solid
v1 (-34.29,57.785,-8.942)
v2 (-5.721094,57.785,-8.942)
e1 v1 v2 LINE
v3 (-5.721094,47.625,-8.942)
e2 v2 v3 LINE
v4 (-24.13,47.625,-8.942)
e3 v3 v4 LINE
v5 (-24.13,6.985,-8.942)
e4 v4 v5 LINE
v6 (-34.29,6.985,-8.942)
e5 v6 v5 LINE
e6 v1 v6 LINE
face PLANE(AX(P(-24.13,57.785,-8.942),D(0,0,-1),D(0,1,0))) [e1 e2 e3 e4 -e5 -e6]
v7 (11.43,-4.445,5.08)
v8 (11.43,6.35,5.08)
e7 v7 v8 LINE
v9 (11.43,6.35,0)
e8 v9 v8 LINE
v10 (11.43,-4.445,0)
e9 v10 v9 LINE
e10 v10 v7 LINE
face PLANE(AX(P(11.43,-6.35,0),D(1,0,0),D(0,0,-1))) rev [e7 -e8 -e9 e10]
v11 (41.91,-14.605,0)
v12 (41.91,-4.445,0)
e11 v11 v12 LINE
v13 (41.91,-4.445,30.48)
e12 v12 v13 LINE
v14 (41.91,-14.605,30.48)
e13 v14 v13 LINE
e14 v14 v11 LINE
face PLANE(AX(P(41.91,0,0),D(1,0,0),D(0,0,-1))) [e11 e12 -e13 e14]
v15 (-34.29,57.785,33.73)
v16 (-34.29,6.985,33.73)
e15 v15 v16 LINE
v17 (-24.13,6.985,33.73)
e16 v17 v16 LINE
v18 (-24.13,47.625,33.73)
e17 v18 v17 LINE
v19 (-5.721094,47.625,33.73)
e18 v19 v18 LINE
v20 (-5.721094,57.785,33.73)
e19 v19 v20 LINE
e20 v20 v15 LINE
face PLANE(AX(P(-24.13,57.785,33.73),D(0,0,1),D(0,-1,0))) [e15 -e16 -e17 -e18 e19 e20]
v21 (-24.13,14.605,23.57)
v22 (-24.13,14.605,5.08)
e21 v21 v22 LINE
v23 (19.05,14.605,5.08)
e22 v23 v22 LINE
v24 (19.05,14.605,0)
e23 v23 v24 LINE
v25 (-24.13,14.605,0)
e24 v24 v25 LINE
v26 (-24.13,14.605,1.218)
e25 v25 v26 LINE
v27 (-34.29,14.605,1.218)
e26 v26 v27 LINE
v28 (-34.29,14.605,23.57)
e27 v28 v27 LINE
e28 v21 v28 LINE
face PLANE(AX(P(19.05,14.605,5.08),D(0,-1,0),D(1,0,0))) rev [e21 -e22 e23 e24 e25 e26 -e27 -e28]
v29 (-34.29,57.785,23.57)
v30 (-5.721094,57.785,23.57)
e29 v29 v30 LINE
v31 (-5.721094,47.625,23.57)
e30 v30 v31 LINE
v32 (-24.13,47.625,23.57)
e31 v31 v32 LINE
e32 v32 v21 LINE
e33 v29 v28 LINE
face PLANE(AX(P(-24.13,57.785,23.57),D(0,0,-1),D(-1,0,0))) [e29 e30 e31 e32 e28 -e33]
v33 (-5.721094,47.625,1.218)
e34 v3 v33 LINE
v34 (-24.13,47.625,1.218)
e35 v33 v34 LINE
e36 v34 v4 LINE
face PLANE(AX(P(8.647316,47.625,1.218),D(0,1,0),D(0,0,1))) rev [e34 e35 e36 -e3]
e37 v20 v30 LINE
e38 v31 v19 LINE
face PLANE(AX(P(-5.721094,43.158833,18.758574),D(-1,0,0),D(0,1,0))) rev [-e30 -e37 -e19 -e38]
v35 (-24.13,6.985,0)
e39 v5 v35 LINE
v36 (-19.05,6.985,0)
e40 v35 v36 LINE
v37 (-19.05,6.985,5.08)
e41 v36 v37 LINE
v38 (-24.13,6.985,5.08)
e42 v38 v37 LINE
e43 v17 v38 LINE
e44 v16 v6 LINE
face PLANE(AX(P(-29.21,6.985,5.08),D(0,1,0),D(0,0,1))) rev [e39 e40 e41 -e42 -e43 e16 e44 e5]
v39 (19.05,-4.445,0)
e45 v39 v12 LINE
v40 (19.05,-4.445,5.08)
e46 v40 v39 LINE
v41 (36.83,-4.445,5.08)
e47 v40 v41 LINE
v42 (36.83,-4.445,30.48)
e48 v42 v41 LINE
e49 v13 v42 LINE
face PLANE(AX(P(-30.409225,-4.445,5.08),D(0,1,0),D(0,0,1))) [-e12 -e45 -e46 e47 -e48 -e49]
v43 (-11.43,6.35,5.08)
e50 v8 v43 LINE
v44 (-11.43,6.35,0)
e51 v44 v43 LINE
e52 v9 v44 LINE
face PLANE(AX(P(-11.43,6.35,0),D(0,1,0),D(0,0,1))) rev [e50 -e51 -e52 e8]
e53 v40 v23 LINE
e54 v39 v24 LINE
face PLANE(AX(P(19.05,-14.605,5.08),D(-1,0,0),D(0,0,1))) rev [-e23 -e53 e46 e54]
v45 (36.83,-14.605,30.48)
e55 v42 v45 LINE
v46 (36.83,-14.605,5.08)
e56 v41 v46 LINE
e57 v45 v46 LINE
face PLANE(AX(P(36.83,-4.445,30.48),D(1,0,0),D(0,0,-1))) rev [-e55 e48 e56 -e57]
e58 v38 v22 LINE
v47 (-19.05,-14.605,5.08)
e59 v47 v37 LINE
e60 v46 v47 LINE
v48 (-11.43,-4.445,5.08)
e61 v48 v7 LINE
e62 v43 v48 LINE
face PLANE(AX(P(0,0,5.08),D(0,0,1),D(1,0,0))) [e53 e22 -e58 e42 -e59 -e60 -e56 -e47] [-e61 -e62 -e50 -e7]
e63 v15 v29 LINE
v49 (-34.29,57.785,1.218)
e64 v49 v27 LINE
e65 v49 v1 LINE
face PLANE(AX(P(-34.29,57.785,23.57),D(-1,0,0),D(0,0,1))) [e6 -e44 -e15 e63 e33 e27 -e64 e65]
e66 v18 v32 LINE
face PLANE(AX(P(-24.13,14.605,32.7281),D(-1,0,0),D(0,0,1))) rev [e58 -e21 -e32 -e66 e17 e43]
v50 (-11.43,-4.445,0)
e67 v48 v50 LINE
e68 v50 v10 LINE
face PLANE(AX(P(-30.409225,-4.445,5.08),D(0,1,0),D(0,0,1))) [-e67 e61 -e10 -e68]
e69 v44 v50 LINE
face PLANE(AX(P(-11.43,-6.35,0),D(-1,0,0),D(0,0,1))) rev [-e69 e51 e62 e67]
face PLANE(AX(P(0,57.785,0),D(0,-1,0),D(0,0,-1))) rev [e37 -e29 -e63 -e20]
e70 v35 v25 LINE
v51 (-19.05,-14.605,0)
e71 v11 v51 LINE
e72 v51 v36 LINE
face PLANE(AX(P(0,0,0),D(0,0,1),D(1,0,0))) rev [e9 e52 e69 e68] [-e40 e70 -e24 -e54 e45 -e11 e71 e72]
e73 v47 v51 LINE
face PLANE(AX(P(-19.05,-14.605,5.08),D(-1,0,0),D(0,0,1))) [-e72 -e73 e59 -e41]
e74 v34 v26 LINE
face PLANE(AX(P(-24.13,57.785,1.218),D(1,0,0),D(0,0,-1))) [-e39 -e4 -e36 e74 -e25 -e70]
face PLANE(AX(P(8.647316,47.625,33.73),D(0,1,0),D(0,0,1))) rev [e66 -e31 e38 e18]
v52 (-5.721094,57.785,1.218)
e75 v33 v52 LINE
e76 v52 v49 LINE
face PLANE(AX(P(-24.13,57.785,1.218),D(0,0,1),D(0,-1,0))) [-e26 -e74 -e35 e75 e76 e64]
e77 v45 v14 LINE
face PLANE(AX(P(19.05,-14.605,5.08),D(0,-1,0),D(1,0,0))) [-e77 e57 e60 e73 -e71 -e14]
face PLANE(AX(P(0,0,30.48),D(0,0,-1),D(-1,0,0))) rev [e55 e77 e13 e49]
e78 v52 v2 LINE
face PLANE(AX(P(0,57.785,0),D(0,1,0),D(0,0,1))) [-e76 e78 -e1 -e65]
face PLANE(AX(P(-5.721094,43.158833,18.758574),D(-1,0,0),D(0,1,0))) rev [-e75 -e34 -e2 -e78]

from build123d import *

# Parameters (mm, degrees)
SKETCH2_W                       = 38.1
SKETCH2_H                       = 29.21
BOSS_EXTRUDE1_DEPTH             = 5.08
SKETCH3_W                       = 22.86
SKETCH3_H                       = 12.7
CUT_EXTRUDE1_DEPTH              = 5.08
SKETCH5_W                       = 5.08
SKETCH5_H                       = 7.62
BOSS_EXTRUDE2_DEPTH             = 10.16
SKETCH7_W                       = 5.08
SKETCH7_H                       = 7.62
BOSS_EXTRUDE3_DEPTH             = 18.49
SKETCH8_W                       = 10.16
SKETCH8_H                       = 10.16
BOSS_EXTRUDE4_DEPTH             = 50.8
SKETCH9_W                       = 10.16
SKETCH9_H                       = 10.16
BOSS_EXTRUDE5_DEPTH             = 18.408905777
SKETCH11_W                      = 5.08
SKETCH11_H                      = 10.16
BOSS_EXTRUDE6_DEPTH             = 22.86
BOSS_EXTRUDE6_DIRECTION_2_REACH = 87.569
SKETCH12_W                      = 5.08
SKETCH12_H                      = 10.16
BOSS_EXTRUDE7_DEPTH             = 25.4
SKETCH13_W                      = 22.352
SKETCH13_H                      = 7.62
BOSS_EXTRUDE8_DEPTH             = 5.08


with BuildPart() as part:
    # Sketch2 → Boss-Extrude1 (new body)
    with BuildSketch(Plane.XY):
        Rectangle(SKETCH2_W, SKETCH2_H)
    extrude(amount=BOSS_EXTRUDE1_DEPTH)

    # Sketch3 → Cut-Extrude1 (cut)
    with BuildSketch(Plane.XY.offset(5.08)):
        Rectangle(SKETCH3_W, SKETCH3_H)
    extrude(amount=-CUT_EXTRUDE1_DEPTH, mode=Mode.SUBTRACT)

    # Sketch5 → Boss-Extrude2 (add)
    with BuildSketch(Plane.ZY.offset(19.05)):
        with Locations((2.54, 10.795)):
            Rectangle(SKETCH5_W, SKETCH5_H)
    extrude(amount=BOSS_EXTRUDE2_DEPTH)

    # Sketch7 → Boss-Extrude3 (add)
    with BuildSketch(Plane.XY.offset(5.08)):
        with Locations((-26.67, 10.795)):
            Rectangle(SKETCH7_W, SKETCH7_H)
    extrude(amount=BOSS_EXTRUDE3_DEPTH)

    # Sketch8 → Boss-Extrude4 (add)
    with BuildSketch(Plane.XZ.offset(-6.985)):
        with Locations((-29.21, 28.65)):
            Rectangle(SKETCH8_W, SKETCH8_H)
        with Locations((-29.21, -3.862)):
            Rectangle(SKETCH8_W, SKETCH8_H)
    extrude(amount=-BOSS_EXTRUDE4_DEPTH)

    # Sketch9 → Boss-Extrude5 (add)
    with BuildSketch(Plane(origin=(-24.13, 0, 0), x_dir=(0, 0, -1), z_dir=(1, 0, 0))):
        with Locations((-28.65, 52.705)):
            Rectangle(SKETCH9_W, SKETCH9_H)
        with Locations((3.862, 52.705)):
            Rectangle(SKETCH9_W, SKETCH9_H)
    extrude(amount=BOSS_EXTRUDE5_DEPTH)

    # Sketch11 → Boss-Extrude6 (add)
    with BuildSketch(Plane(origin=(19.05, 0, 0), x_dir=(0, 0, -1), z_dir=(1, 0, 0))):
        with Locations((-2.54, -9.525)):
            Rectangle(SKETCH11_W, SKETCH11_H)
    extrude(amount=BOSS_EXTRUDE6_DEPTH)

    # Sketch11 → Boss-Extrude6 direction 2 (add, up to next)
    with BuildSketch(Plane(origin=(19.05, 0, 0), x_dir=(0, 0, -1), z_dir=(1, 0, 0)), mode=Mode.PRIVATE) as boss_extrude6_direction_2_sk1:
        with Locations((-2.54, -9.525)):
            Rectangle(SKETCH11_W, SKETCH11_H)
    boss_extrude6_direction_2_tool1 = extrude(boss_extrude6_direction_2_sk1.sketch, amount=-BOSS_EXTRUDE6_DIRECTION_2_REACH, mode=Mode.PRIVATE) - part.part
    add(boss_extrude6_direction_2_tool1.solids().sort_by_distance((19.05, -9.525, 2.54))[0])

    # Sketch12 → Boss-Extrude7 (add)
    with BuildSketch(Plane.XY.offset(5.08)):
        with Locations((39.37, -9.525)):
            Rectangle(SKETCH12_W, SKETCH12_H)
    extrude(amount=BOSS_EXTRUDE7_DEPTH)

    # Sketch13 → Boss-Extrude8 (add)
    with BuildSketch(Plane.ZY.offset(29.21)):
        with Locations((12.394, 10.795)):
            Rectangle(SKETCH13_W, SKETCH13_H)
    extrude(amount=BOSS_EXTRUDE8_DEPTH)


solid = part.part
